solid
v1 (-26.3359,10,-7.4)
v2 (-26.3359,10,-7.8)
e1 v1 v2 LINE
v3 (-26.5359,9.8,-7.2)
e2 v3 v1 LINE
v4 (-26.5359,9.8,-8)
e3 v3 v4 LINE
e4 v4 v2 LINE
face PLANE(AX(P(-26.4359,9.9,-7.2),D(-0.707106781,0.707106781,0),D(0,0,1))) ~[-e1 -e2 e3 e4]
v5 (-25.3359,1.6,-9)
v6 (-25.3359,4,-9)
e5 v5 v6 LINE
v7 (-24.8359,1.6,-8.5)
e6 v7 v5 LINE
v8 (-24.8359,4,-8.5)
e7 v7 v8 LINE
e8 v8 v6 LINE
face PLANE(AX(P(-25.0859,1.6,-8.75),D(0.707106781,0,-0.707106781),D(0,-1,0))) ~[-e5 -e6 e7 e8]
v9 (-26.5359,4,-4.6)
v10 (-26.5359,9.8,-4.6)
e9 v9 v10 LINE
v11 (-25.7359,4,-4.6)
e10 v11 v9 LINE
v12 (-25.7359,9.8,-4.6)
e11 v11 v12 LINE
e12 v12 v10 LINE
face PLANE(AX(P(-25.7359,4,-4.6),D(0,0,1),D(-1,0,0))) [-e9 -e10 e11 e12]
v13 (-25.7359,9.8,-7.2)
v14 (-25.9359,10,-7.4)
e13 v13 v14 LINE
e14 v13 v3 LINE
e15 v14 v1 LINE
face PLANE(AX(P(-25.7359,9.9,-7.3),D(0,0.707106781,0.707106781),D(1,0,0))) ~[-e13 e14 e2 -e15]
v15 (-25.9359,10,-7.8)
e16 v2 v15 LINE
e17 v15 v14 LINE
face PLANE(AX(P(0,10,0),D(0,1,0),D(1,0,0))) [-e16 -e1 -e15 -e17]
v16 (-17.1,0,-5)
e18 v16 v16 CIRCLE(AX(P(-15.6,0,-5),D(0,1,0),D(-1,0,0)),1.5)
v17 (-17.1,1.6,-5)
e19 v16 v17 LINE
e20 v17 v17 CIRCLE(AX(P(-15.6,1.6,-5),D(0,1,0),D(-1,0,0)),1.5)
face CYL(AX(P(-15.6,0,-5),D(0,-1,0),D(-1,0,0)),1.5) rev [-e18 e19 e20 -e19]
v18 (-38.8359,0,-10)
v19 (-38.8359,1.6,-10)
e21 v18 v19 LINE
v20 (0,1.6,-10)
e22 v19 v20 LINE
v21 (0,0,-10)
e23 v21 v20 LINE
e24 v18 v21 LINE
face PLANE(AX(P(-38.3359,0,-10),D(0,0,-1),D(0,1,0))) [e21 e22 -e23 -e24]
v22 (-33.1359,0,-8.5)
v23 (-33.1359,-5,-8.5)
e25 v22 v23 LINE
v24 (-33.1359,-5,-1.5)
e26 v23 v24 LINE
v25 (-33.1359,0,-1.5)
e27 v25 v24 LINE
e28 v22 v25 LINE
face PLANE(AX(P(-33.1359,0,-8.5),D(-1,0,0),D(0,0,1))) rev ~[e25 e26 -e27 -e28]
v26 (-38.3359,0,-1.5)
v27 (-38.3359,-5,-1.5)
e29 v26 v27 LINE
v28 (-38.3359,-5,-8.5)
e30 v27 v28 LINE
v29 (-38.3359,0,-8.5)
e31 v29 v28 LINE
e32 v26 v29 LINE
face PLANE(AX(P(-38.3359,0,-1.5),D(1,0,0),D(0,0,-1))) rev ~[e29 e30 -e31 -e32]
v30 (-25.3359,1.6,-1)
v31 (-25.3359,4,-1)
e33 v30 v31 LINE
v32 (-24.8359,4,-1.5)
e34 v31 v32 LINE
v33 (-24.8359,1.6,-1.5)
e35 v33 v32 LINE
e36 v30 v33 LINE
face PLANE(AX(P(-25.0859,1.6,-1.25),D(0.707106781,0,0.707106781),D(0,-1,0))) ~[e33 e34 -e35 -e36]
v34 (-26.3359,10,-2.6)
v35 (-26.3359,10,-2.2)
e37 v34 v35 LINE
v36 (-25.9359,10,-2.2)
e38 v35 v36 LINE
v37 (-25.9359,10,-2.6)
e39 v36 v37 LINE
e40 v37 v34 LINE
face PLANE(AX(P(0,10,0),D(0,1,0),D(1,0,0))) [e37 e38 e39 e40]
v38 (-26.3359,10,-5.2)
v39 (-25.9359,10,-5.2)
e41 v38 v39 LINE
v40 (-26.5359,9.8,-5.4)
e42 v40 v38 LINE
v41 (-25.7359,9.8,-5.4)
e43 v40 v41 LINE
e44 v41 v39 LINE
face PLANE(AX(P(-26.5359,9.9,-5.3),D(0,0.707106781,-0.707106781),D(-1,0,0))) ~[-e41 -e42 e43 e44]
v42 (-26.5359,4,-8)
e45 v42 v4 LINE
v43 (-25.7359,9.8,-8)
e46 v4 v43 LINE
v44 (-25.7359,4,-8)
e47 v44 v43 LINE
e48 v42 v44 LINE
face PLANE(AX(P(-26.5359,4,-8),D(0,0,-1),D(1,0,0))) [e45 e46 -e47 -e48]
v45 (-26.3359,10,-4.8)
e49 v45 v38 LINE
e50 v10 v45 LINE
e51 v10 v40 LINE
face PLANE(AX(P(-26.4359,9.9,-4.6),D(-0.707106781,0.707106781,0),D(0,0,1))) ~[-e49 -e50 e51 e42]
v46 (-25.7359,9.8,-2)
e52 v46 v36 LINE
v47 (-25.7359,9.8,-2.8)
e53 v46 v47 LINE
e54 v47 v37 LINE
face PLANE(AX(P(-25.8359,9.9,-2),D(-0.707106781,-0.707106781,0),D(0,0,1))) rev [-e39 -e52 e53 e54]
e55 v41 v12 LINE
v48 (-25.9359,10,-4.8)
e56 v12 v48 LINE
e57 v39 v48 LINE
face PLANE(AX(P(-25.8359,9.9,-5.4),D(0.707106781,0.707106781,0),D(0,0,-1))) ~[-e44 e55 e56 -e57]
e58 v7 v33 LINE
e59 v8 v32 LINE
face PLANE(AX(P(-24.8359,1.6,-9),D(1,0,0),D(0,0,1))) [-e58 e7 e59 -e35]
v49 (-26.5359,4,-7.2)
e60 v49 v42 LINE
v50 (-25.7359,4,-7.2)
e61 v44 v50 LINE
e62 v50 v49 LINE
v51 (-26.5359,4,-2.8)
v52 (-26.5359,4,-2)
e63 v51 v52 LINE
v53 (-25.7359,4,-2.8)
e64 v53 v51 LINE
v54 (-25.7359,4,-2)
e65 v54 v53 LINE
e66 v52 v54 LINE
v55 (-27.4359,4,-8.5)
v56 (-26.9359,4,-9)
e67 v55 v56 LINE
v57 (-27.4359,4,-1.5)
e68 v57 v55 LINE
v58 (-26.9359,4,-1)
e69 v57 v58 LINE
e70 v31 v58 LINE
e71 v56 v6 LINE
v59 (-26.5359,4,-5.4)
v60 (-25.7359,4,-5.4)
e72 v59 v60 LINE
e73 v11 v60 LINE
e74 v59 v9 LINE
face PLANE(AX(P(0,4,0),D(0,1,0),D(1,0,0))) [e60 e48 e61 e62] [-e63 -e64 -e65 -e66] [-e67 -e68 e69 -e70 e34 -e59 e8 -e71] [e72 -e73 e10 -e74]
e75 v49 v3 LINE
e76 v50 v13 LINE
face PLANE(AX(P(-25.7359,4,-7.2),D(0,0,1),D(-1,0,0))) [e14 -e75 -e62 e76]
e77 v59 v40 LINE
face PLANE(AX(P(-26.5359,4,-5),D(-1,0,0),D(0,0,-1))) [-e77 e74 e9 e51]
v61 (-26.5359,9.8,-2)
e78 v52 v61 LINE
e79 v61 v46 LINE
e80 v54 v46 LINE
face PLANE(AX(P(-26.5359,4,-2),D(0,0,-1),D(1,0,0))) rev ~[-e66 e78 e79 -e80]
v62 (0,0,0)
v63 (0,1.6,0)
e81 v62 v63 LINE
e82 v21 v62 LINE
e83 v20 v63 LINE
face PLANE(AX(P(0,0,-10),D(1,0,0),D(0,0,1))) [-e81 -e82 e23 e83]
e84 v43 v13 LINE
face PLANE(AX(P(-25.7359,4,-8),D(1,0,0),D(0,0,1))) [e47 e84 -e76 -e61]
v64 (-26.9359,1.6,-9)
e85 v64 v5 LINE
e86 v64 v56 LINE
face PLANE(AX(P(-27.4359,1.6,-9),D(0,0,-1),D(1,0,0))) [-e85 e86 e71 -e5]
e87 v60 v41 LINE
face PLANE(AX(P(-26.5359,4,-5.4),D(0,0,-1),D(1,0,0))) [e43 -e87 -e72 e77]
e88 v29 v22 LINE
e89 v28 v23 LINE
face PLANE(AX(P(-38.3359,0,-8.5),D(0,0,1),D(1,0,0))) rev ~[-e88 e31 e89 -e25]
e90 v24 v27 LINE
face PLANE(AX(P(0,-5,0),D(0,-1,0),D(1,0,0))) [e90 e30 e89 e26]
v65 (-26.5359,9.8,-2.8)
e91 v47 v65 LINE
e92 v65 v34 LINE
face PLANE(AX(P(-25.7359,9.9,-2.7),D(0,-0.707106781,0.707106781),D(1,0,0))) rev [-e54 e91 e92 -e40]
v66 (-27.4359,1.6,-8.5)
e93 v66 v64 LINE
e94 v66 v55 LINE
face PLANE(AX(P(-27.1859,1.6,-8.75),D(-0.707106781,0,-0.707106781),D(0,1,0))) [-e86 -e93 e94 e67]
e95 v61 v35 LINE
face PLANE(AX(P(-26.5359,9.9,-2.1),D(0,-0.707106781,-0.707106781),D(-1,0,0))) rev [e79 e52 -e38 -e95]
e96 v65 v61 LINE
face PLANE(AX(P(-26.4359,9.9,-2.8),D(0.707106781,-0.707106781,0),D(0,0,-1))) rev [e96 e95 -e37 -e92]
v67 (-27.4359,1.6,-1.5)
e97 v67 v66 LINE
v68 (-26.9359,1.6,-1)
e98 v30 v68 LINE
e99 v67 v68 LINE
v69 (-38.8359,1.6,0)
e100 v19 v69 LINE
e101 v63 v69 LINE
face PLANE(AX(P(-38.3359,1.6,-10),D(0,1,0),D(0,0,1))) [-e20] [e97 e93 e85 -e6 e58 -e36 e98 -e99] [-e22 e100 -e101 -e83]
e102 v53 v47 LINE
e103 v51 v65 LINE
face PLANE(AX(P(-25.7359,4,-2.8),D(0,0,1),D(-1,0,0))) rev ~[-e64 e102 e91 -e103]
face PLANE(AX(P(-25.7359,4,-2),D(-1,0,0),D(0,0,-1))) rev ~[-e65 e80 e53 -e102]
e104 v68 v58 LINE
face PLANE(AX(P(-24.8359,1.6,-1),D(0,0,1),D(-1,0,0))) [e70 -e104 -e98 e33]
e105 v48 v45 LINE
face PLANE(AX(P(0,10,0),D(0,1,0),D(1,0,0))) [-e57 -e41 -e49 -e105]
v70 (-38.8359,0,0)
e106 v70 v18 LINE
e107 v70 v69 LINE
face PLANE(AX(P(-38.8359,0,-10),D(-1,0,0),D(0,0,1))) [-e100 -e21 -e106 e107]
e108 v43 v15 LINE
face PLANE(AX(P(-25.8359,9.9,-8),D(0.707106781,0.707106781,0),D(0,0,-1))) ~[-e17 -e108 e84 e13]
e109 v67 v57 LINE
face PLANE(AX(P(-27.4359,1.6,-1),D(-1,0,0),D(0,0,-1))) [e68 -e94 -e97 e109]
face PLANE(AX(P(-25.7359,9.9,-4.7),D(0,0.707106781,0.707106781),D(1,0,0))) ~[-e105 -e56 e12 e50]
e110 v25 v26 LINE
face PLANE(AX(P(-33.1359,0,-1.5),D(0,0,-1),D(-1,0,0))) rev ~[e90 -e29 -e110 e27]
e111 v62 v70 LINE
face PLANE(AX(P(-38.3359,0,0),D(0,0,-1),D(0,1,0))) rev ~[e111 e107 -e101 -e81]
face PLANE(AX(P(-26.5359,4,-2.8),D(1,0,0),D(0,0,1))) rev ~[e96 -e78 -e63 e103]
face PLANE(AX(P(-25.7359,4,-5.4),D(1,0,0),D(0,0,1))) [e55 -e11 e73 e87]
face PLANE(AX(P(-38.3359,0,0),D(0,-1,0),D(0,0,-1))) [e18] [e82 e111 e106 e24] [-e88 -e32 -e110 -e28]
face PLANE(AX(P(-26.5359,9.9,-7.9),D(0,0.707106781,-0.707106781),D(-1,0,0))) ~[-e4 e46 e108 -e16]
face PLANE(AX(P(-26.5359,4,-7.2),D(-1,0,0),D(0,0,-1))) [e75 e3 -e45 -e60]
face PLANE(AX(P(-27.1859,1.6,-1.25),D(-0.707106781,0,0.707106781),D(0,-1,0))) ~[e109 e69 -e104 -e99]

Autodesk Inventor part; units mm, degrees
ref_plane "YZ Plane" through (0, 0, 0) normal (1, 0, 0) x (0, 1, 0)
ref_plane "XZ Plane" through (0, 0, 0) normal (0, 1, 0) x (-1, 0, 0)
ref_plane "XY Plane" through (0, 0, 0) normal (0, 0, 1) x (1, 0, 0)
sketch "Эскиз2" plane through (0, 0, 0) normal (0, 1, 0) x (-1, 0, 0)
  line L0 (0, 0) -> (38.3359, 0) construction
  line L1 (38.3359, 0) -> (38.3359, -10) construction
  line L2 (38.3359, -10) -> (0, -10) construction
  line L3 (0, -10) -> (0, 0) construction
  line L4 (0, 0) -> (38.3359, 0)
  line L5 (38.3359, 0) -> (38.3359, -10)
  line L6 (38.3359, -10) -> (0, -10)
  line L7 (0, -10) -> (0, 0)
  circle A0 centre (15.6, -5) radius 1.5
  point P0 (0, -5)
  dimension "d1" = 10
  dimension "d11" = 15.6
  dimension "d12" = 3
extrude "Выдавливание1" add sketch "Эскиз2" along normal blind 1.6
sketch "Эскиз3" plane through (0, 1.6, 0) normal (0, 1, 0) x (1, 0, 0)
  line L0 (0, 0) -> (-38.3359, 0) construction
  line L1 (-38.3359, 0) -> (-38.3359, 10) construction
  line L2 (-38.3359, 10) -> (0, 10) construction
  line L3 (0, 10) -> (0, 0) construction
  line L4 (-27.4359, 9) -> (-24.8359, 9)
  line L5 (-24.8359, 9) -> (-24.8359, 1)
  line L6 (-24.8359, 1) -> (-27.4359, 1)
  line L7 (-27.4359, 1) -> (-27.4359, 9)
  point P0 (-27.4359, 5)
  point P1 (-38.3359, 5)
  dimension "d43" = 2.6
  dimension "d50" = 8
  dimension "d51" = 10.9
extrude "Выдавливание2" add sketch "Эскиз3" along normal blind 2.4
chamfer "Фаска1" distance 0.5 angle 45 4 edges at (-24.8359, 2.8, -1) (-27.4359, 2.8, -1) (-24.8359, 2.8, -9) (-27.4359, 2.8, -9)
sketch "Эскиз4" plane through (0, 4, 0) normal (0, 1, 0) x (1, 0, 0)
  line L0 (-26.5359, 8) -> (-25.7359, 8)
  line L1 (-25.7359, 8) -> (-25.7359, 7.2)
  line L2 (-25.7359, 7.2) -> (-26.5359, 7.2)
  line L3 (-26.5359, 7.2) -> (-26.5359, 8)
  line L4 (-26.5359, 5.4) -> (-25.7359, 5.4)
  line L5 (-25.7359, 5.4) -> (-25.7359, 4.6)
  line L6 (-25.7359, 4.6) -> (-26.5359, 4.6)
  line L7 (-26.5359, 4.6) -> (-26.5359, 5.4)
  line L8 (-26.5359, 2) -> (-25.7359, 2)
  line L9 (-25.7359, 2) -> (-25.7359, 2.8)
  line L10 (-25.7359, 2.8) -> (-26.5359, 2.8)
  line L11 (-26.5359, 2.8) -> (-26.5359, 2)
  line L12 (-27.4359, 8.5) -> (-26.9359, 9) projected
  line L13 (-27.4359, 8.5) -> (-27.4359, 1.5) projected
  line L14 (-26.9359, 1) -> (-27.4359, 1.5) projected
  line L15 (-26.9359, 1) -> (-25.3359, 1) projected
  line L16 (-24.8359, 1.5) -> (-25.3359, 1) projected
  line L17 (-24.8359, 1.5) -> (-24.8359, 8.5) projected
  line L18 (-25.3359, 9) -> (-24.8359, 8.5) projected
  line L19 (-25.3359, 9) -> (-26.9359, 9) projected
  line L20 (-27.4359, 5) -> (-24.8359, 5)
  point P0 (0, 0)
  point P1 (-26.5359, 5)
  point P2 (-26.1359, 5.4)
  point P3 (-26.1359, 9)
  dimension "d57" = 0.8
  dimension "d58" = 4.4
extrude "Выдавливание3" add sketch "Эскиз4" along normal blind 6 contours L0 L1 L2 L3 | L4 L5 L20 L7 | L20 L5 L6 L7 | L11 L10 L9 L8
chamfer "Фаска2" distance 0.2 angle 45 12 edges at (-26.1359, 10, -2) (-26.5359, 10, -2.4) (-26.1359, 10, -2.8) (-25.7359, 10, -2.4) (-26.1359, 10, -4.6) (-26.5359, 10, -5) (-26.1359, 10, -5.4) (-25.7359, 10, -5) (-26.1359, 10, -7.2) (-26.5359, 10, -7.6) (-26.1359, 10, -8) (-25.7359, 10, -7.6)
sketch "Эскиз5" plane through (0, 0, 0) normal (0, -1, 0) x (1, 0, 0)
  line L0 (-38.3359, -8.5) -> (-33.1359, -8.5)
  line L1 (-33.1359, -8.5) -> (-33.1359, -1.5)
  line L2 (-33.1359, -1.5) -> (-38.3359, -1.5)
  line L3 (-38.3359, -1.5) -> (-38.3359, -8.5)
  line L4 (-38.3359, 0) -> (-38.3359, -10) projected
  line L5 (0, -10) -> (-38.3359, -10) construction
  line L6 (-38.3359, -10) -> (-38.3359, 0) construction
  line L7 (-38.3359, 0) -> (0, 0) construction
  line L8 (0, 0) -> (0, -10) construction
  point P0 (0, 0)
  point P1 (-38.3359, -5)
  point P2 (-38.3359, -5)
  dimension "d106" = 5.2
  dimension "d109" = 7
sketch "Эскиз6" plane through (-38.3359, 0, -10) normal (-1, 0, 0) x (0, 0, 1)
  line L0 (10, 0) -> (0, 0) projected
  line L1 (10, 0) -> (10, 1.6) projected
  line L2 (0, 1.6) -> (10, 1.6) projected
  line L3 (0, 0) -> (0, 1.6) projected
  point P0 (10, 0)
extrude "Выдавливание4" add sketch "Эскиз6" along normal blind 0.5
extrude "Выдавливание5" add sketch "Эскиз5" along normal blind 5
properties part number "LineSensor"
